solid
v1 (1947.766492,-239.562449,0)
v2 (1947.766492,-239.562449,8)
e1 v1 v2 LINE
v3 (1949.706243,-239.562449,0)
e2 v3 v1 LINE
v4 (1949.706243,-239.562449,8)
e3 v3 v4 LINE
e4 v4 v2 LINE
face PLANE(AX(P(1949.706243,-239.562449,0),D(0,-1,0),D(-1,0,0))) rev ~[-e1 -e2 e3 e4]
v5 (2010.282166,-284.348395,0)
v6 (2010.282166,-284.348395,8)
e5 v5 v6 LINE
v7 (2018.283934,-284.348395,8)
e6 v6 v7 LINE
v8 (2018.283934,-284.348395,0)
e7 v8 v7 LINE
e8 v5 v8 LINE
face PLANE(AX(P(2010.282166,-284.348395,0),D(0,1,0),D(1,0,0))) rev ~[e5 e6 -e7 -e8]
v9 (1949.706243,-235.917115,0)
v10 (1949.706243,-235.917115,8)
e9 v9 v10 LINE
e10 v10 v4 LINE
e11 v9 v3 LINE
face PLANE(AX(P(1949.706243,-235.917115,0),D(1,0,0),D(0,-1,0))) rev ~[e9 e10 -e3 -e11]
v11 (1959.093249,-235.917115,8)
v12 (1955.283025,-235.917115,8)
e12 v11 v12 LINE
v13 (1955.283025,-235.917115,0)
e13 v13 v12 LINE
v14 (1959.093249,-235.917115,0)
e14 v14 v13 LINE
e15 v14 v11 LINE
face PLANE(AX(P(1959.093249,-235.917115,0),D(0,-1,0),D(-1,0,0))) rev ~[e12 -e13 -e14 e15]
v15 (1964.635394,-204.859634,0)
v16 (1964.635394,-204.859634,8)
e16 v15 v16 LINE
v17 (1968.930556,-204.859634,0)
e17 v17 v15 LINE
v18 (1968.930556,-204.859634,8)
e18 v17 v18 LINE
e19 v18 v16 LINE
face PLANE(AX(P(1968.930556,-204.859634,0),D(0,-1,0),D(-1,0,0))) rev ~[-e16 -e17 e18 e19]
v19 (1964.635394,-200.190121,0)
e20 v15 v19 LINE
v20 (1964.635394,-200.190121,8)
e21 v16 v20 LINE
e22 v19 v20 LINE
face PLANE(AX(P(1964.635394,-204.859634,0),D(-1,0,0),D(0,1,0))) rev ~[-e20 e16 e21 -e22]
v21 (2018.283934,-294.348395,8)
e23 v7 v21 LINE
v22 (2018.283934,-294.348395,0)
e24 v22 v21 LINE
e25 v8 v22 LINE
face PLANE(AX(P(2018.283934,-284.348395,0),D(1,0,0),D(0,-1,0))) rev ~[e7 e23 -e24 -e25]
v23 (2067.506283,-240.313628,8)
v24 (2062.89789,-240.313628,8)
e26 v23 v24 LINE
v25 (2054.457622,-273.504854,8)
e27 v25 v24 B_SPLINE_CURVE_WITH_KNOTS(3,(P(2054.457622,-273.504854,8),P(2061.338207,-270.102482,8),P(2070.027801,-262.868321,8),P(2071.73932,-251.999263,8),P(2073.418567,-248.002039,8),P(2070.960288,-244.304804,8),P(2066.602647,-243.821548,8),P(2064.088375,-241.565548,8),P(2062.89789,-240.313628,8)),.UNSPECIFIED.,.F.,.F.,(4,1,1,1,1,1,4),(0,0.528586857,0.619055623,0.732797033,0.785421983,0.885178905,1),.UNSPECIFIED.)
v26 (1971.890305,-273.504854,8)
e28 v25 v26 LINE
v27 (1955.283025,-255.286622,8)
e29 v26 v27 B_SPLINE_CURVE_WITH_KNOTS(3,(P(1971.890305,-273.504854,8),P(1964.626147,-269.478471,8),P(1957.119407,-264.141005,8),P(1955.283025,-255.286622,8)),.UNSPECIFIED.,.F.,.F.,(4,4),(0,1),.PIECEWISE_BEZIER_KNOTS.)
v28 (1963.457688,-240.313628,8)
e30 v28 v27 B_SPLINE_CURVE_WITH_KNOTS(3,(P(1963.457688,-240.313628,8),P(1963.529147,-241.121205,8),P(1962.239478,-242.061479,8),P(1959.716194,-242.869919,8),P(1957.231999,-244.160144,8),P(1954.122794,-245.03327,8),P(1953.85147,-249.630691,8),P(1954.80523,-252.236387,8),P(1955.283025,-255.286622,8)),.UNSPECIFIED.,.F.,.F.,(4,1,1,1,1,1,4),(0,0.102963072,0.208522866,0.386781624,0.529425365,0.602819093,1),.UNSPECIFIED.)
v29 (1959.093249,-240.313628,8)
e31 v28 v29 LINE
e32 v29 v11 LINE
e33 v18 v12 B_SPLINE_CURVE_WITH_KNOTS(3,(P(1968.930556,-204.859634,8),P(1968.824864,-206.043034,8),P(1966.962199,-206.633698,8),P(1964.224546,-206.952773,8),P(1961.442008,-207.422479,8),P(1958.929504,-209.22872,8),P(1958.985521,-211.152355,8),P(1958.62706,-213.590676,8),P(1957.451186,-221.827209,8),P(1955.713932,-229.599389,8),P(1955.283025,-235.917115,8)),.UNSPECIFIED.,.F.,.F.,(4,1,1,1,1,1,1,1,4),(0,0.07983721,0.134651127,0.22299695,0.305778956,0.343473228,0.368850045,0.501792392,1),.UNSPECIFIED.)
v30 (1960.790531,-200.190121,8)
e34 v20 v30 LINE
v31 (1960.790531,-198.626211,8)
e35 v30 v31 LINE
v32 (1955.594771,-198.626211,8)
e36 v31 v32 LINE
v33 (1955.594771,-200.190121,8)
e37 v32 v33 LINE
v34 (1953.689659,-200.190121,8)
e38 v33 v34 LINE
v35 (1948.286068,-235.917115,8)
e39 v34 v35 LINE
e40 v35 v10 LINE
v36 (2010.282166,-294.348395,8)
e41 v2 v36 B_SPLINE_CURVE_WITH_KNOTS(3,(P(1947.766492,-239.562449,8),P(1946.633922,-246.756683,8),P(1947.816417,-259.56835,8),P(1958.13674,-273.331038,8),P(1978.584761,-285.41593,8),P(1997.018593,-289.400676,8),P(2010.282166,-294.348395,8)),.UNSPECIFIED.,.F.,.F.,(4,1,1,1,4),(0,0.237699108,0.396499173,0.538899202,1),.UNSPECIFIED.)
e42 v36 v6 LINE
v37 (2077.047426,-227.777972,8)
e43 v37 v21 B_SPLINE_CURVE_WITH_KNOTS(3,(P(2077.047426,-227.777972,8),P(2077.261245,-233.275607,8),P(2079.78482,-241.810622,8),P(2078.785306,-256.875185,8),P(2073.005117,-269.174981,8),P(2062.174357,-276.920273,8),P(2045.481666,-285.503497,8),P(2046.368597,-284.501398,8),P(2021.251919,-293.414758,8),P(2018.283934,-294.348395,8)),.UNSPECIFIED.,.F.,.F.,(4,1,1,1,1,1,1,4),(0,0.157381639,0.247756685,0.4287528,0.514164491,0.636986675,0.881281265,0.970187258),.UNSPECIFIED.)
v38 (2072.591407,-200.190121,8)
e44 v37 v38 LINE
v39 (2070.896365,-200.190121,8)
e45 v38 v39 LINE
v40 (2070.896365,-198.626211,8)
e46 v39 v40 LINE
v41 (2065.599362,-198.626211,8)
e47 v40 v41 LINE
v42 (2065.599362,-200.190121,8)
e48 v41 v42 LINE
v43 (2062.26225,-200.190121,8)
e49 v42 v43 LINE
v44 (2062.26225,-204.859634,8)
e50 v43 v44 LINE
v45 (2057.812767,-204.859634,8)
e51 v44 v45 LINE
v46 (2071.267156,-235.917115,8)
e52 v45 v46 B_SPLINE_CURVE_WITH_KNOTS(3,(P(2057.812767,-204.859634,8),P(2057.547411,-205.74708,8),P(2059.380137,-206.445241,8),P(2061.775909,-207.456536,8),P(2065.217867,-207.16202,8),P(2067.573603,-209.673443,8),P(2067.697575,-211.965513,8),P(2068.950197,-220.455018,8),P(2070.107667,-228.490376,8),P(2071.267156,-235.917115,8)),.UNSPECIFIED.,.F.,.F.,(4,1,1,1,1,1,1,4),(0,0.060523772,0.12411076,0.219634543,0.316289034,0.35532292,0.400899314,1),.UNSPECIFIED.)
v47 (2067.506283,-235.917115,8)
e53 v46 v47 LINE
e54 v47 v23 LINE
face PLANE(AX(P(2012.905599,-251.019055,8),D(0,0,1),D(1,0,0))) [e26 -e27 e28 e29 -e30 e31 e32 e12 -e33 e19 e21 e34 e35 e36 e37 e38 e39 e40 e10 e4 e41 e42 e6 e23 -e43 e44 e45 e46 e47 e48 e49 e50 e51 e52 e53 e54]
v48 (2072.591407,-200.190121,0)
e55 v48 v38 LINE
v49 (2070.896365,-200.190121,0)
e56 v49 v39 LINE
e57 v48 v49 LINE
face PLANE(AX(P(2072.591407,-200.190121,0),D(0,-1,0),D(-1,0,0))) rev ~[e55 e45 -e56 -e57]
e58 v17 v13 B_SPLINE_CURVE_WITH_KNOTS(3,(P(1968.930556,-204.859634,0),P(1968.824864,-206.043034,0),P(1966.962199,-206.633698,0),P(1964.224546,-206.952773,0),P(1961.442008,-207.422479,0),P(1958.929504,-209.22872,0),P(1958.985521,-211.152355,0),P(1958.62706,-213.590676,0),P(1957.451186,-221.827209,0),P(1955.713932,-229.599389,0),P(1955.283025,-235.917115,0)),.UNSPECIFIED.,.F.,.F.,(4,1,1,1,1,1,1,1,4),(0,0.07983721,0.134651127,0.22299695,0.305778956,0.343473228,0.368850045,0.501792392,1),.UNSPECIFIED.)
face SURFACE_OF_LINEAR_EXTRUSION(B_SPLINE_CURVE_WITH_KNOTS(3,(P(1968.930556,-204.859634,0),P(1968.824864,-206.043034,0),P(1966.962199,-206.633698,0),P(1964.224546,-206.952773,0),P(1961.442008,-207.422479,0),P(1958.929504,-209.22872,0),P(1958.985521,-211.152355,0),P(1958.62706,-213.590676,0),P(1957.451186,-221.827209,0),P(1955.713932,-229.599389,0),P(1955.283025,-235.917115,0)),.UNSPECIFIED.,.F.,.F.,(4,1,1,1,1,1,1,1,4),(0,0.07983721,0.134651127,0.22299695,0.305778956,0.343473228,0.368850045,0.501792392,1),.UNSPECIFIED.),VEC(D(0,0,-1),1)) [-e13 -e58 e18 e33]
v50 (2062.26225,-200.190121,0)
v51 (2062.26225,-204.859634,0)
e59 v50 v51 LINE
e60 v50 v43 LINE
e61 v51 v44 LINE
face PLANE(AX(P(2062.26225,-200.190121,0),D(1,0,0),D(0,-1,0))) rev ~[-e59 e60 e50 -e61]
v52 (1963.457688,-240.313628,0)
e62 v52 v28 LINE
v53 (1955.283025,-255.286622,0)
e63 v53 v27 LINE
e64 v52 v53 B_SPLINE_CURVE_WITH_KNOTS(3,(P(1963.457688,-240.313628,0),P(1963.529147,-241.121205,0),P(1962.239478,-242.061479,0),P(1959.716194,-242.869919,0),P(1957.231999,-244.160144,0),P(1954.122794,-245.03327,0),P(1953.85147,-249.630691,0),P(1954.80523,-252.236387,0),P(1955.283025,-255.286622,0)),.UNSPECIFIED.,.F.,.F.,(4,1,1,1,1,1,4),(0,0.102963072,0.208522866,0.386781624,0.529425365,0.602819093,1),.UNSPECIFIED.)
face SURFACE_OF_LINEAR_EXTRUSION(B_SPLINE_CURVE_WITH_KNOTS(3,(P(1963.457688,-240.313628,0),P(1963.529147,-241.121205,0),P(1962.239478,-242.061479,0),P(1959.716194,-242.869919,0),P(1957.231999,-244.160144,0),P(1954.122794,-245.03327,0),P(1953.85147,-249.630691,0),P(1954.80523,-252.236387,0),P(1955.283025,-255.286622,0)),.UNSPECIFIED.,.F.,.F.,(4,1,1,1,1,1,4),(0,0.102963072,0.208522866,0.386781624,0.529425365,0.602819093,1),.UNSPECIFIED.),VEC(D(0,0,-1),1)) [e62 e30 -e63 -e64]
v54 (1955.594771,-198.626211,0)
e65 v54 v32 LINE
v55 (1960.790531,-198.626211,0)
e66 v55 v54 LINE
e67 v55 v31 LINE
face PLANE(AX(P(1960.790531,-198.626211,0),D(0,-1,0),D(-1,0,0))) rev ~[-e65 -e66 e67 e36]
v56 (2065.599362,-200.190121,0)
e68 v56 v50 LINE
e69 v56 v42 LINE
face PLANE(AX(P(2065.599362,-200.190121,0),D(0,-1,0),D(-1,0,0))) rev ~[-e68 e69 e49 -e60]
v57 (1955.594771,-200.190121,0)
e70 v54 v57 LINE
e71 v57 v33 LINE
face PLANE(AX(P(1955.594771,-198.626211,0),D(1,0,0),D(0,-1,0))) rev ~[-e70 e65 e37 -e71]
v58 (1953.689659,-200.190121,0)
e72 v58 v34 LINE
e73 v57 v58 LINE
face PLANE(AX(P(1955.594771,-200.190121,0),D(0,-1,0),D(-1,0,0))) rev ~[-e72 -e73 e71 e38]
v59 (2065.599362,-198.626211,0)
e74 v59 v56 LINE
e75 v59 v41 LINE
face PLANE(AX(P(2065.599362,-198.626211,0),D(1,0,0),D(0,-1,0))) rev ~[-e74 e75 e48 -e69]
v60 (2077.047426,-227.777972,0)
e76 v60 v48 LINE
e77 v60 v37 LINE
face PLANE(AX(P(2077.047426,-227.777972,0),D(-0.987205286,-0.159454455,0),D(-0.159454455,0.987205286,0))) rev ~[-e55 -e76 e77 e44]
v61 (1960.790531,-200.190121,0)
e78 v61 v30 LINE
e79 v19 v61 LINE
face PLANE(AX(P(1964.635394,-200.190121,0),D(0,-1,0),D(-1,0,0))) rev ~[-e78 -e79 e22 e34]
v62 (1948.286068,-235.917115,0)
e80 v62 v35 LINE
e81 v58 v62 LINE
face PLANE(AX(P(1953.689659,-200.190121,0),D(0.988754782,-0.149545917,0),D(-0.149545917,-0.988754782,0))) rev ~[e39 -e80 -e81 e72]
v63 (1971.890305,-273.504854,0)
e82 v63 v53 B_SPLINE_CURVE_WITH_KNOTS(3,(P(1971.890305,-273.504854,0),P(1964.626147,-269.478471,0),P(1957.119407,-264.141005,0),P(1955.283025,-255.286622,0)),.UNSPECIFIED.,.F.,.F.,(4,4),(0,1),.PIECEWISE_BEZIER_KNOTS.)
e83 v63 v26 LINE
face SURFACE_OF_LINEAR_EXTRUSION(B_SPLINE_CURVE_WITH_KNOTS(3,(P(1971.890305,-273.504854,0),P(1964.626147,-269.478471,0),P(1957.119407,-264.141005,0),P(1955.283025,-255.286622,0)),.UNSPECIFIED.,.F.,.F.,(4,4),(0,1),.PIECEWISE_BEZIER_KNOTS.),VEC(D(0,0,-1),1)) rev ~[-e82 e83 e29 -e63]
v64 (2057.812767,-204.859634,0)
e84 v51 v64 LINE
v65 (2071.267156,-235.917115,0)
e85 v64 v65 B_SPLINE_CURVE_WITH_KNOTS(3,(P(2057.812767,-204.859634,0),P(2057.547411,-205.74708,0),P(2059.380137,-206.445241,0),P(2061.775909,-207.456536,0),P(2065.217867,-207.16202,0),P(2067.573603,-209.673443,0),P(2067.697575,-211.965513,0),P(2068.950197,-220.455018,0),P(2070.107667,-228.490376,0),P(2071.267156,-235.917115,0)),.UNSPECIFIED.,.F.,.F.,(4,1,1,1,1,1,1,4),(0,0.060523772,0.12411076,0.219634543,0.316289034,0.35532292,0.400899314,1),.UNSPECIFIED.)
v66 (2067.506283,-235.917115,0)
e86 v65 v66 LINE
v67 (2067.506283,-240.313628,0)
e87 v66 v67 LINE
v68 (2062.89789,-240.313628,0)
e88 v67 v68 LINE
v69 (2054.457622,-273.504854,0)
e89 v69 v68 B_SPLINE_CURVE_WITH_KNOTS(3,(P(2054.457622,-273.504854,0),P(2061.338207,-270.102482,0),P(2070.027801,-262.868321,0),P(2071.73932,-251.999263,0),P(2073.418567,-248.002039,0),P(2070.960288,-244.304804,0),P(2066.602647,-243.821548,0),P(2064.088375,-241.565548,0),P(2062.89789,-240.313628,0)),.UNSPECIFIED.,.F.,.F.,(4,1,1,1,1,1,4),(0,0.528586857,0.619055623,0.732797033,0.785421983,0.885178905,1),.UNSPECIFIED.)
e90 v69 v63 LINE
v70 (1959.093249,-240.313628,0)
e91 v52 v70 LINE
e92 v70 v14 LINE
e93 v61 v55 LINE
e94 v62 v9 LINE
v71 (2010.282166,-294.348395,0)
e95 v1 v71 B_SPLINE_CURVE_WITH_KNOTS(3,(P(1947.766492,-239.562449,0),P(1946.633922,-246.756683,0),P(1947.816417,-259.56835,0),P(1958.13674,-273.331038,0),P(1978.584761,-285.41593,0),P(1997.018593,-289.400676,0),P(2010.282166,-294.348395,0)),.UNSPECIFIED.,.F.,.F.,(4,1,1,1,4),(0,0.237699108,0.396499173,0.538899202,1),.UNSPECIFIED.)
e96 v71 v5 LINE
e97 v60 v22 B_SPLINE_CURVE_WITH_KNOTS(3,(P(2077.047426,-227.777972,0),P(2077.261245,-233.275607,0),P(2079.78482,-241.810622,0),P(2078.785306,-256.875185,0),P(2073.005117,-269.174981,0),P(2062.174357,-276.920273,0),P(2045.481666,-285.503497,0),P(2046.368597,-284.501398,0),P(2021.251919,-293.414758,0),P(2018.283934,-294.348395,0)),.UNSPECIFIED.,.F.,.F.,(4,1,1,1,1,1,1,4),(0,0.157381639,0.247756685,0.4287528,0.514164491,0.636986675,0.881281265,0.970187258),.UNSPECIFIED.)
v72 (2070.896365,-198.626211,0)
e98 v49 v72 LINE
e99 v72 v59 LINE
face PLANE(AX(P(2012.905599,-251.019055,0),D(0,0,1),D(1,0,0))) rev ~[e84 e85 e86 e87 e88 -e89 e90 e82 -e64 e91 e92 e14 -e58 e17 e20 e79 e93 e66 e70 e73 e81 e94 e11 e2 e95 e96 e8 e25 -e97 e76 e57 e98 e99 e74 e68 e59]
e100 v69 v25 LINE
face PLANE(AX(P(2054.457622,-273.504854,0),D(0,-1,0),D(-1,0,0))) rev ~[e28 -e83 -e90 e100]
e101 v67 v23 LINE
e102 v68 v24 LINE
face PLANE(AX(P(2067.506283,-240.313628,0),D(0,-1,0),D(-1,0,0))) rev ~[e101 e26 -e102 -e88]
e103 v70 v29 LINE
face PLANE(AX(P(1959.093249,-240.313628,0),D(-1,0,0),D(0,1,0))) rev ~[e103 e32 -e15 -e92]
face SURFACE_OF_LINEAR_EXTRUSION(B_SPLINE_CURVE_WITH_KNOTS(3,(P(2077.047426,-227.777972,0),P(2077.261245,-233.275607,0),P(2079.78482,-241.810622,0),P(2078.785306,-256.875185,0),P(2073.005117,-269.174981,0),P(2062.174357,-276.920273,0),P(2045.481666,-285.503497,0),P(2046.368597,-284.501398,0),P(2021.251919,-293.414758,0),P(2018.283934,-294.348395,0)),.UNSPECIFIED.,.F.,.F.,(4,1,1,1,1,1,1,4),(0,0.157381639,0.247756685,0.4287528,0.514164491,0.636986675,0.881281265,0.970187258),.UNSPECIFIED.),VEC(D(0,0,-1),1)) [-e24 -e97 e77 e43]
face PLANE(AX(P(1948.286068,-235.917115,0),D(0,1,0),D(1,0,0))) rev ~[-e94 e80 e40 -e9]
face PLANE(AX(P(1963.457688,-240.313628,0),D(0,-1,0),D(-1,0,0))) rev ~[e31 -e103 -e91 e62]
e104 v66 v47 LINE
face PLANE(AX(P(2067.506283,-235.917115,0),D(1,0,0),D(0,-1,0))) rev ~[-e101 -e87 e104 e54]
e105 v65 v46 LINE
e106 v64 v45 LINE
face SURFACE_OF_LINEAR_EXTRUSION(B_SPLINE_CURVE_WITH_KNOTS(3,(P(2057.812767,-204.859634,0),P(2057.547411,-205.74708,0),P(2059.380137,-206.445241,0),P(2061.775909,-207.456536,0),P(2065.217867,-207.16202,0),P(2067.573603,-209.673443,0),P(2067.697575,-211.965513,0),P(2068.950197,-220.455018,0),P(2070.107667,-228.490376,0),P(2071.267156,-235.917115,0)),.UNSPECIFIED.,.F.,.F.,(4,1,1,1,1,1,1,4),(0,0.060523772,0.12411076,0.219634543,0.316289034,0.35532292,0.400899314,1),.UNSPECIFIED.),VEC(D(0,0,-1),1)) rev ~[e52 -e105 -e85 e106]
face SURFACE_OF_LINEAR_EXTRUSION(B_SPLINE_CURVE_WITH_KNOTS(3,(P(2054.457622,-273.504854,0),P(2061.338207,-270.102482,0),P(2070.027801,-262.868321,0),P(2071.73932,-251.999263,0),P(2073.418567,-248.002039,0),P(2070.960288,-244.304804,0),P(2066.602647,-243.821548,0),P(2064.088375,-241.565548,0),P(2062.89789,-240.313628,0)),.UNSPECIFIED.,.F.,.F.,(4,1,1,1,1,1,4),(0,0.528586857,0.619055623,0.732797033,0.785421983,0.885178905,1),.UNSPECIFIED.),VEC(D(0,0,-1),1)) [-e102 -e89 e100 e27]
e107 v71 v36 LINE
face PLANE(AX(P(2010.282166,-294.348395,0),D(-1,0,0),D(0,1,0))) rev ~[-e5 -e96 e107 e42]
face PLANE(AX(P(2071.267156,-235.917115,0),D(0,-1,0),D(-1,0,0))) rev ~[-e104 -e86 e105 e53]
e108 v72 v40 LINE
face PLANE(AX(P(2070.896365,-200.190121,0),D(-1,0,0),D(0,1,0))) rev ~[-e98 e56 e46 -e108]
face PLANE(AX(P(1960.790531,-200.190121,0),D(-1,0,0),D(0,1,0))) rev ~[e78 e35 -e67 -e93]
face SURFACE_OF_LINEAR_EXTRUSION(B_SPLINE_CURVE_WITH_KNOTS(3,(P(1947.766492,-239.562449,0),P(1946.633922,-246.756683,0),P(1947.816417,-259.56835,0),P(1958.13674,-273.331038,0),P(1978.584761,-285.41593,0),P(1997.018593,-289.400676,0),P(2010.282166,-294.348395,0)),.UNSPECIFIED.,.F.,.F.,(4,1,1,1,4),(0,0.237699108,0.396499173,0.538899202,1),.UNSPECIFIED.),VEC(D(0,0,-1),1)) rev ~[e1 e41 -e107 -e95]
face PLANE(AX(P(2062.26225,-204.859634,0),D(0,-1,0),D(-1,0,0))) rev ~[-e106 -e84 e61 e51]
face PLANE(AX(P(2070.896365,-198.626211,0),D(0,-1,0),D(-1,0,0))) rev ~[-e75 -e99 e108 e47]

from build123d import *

# Parameters (mm, degrees)
EXTRUDE_1_DEPTH = 8


with BuildPart() as part:
    # 草图1 → 凸台-拉伸1 (new body)
    with BuildSketch(Plane.XY):
        with BuildLine():
            Line((2018.283934169, -284.348394584), (2018.283934169, -294.348394584))
            add(Edge.make_bspline(
                [(2077.047425741, -227.777971529), (2077.261245102, -233.275606695), (2079.784820426, -241.810622053), (2078.785306156, -256.87518522), (2073.005116571, -269.174981362), (2062.174356688, -276.920272976), (2045.481666076, -285.503497435), (2046.368597333, -284.501397555), (2021.251919484, -293.414758241), (2018.283934169, -294.348394584)],
                knots=[0, 0, 0, 0, 0.157381639, 0.247756685, 0.4287528, 0.514164491, 0.636986675, 0.881281265, 0.970187258, 0.970187258, 0.970187258, 0.970187258], degree=3))
            Line((2077.047425741, -227.777971529), (2072.59140661, -200.190121167))
            Line((2072.59140661, -200.190121167), (2070.896365486, -200.190121167))
            Line((2070.896365486, -200.190121167), (2070.896365486, -198.626210731))
            Line((2070.896365486, -198.626210731), (2065.599361973, -198.626210731))
            Line((2065.599361973, -198.626210731), (2065.599361973, -200.190121167))
            Line((2065.599361973, -200.190121167), (2062.262249759, -200.190121167))
            Line((2062.262249759, -200.190121167), (2062.262249759, -204.859634381))
            Line((2062.262249759, -204.859634381), (2057.812766808, -204.859634381))
            add(Edge.make_bspline(
                [(2057.812766808, -204.859634381), (2057.547410546, -205.747079978), (2059.380137336, -206.445241006), (2061.775909053, -207.45653643), (2065.217866522, -207.162019796), (2067.573603499, -209.67344298), (2067.697574883, -211.965512675), (2068.950196638, -220.45501773), (2070.107666968, -228.490375526), (2071.267155732, -235.917115463)],
                knots=[0, 0, 0, 0, 0.060523772, 0.12411076, 0.219634543, 0.316289034, 0.35532292, 0.400899314, 1, 1, 1, 1], degree=3))
            Line((2071.267155732, -235.917115463), (2067.506283237, -235.917115463))
            Line((2067.506283237, -235.917115463), (2067.506283237, -240.313628379))
            Line((2067.506283237, -240.313628379), (2062.897890181, -240.313628379))
            add(Edge.make_bspline(
                [(2054.457621521, -273.504853759), (2061.338206989, -270.102482252), (2070.027801423, -262.868321207), (2071.739320461, -251.999262564), (2073.418567387, -248.002038869), (2070.96028829, -244.304804254), (2066.602646789, -243.821548385), (2064.088374788, -241.565547662), (2062.897890181, -240.313628379)],
                knots=[0, 0, 0, 0, 0.528586857, 0.619055623, 0.732797033, 0.785421983, 0.885178905, 1, 1, 1, 1], degree=3))
            Line((2054.457621521, -273.504853759), (1971.890304964, -273.504853759))
            add(Edge.make_bspline(
                [(1971.890304964, -273.504853759), (1964.626146951, -269.478470646), (1957.119406649, -264.141004632), (1955.283025241, -255.286621508)],
                knots=[0, 0, 0, 0, 1, 1, 1, 1], degree=3))
            add(Edge.make_bspline(
                [(1963.457688057, -240.313628379), (1963.529146914, -241.121204741), (1962.239477797, -242.061479023), (1959.716193819, -242.869918509), (1957.231999476, -244.160143746), (1954.122794336, -245.033270105), (1953.851470007, -249.630690699), (1954.805230114, -252.236387239), (1955.283025241, -255.286621508)],
                knots=[0, 0, 0, 0, 0.102963072, 0.208522866, 0.386781624, 0.529425365, 0.602819093, 1, 1, 1, 1], degree=3))
            Line((1963.457688057, -240.313628379), (1959.093249435, -240.313628379))
            Line((1959.093249435, -240.313628379), (1959.093249435, -235.917115463))
            Line((1959.093249435, -235.917115463), (1955.283025241, -235.917115463))
            add(Edge.make_bspline(
                [(1968.930555536, -204.859634381), (1968.824864467, -206.04303384), (1966.962198956, -206.633697583), (1964.224545759, -206.952773023), (1961.442007709, -207.422479419), (1958.929504451, -209.228720078), (1958.985521061, -211.152355476), (1958.627059885, -213.590675778), (1957.451186426, -221.827208732), (1955.713931547, -229.599388602), (1955.283025241, -235.917115463)],
                knots=[0, 0, 0, 0, 0.07983721, 0.134651127, 0.22299695, 0.305778956, 0.343473228, 0.368850045, 0.501792392, 1, 1, 1, 1], degree=3))
            Line((1968.930555536, -204.859634381), (1964.635393717, -204.859634381))
            Line((1964.635393717, -204.859634381), (1964.635393717, -200.190121167))
            Line((1964.635393717, -200.190121167), (1960.790531121, -200.190121167))
            Line((1960.790531121, -200.190121167), (1960.790531121, -198.626210731))
            Line((1960.790531121, -198.626210731), (1955.594770857, -198.626210731))
            Line((1955.594770857, -198.626210731), (1955.594770857, -200.190121167))
            Line((1955.594770857, -200.190121167), (1953.689658759, -200.190121167))
            Line((1953.689658759, -200.190121167), (1948.286068084, -235.917115463))
            Line((1948.286068084, -235.917115463), (1949.706242556, -235.917115463))
            Line((1949.706242556, -235.917115463), (1949.706242556, -239.562448504))
            Line((1949.706242556, -239.562448504), (1947.766492058, -239.562448504))
            add(Edge.make_bspline(
                [(1947.766492058, -239.562448504), (1946.633922285, -246.756682952), (1947.816417219, -259.568350442), (1958.136739772, -273.331038229), (1978.584761323, -285.415929943), (1997.01859252, -289.400675969), (2010.282165603, -294.348394584)],
                knots=[0, 0, 0, 0, 0.237699108, 0.396499173, 0.538899202, 1, 1, 1, 1], degree=3))
            Line((2010.282165603, -294.348394584), (2010.282165603, -284.348394584))
            Line((2010.282165603, -284.348394584), (2018.283934169, -284.348394584))
        make_face()
    extrude(amount=EXTRUDE_1_DEPTH)


solid = part.part
